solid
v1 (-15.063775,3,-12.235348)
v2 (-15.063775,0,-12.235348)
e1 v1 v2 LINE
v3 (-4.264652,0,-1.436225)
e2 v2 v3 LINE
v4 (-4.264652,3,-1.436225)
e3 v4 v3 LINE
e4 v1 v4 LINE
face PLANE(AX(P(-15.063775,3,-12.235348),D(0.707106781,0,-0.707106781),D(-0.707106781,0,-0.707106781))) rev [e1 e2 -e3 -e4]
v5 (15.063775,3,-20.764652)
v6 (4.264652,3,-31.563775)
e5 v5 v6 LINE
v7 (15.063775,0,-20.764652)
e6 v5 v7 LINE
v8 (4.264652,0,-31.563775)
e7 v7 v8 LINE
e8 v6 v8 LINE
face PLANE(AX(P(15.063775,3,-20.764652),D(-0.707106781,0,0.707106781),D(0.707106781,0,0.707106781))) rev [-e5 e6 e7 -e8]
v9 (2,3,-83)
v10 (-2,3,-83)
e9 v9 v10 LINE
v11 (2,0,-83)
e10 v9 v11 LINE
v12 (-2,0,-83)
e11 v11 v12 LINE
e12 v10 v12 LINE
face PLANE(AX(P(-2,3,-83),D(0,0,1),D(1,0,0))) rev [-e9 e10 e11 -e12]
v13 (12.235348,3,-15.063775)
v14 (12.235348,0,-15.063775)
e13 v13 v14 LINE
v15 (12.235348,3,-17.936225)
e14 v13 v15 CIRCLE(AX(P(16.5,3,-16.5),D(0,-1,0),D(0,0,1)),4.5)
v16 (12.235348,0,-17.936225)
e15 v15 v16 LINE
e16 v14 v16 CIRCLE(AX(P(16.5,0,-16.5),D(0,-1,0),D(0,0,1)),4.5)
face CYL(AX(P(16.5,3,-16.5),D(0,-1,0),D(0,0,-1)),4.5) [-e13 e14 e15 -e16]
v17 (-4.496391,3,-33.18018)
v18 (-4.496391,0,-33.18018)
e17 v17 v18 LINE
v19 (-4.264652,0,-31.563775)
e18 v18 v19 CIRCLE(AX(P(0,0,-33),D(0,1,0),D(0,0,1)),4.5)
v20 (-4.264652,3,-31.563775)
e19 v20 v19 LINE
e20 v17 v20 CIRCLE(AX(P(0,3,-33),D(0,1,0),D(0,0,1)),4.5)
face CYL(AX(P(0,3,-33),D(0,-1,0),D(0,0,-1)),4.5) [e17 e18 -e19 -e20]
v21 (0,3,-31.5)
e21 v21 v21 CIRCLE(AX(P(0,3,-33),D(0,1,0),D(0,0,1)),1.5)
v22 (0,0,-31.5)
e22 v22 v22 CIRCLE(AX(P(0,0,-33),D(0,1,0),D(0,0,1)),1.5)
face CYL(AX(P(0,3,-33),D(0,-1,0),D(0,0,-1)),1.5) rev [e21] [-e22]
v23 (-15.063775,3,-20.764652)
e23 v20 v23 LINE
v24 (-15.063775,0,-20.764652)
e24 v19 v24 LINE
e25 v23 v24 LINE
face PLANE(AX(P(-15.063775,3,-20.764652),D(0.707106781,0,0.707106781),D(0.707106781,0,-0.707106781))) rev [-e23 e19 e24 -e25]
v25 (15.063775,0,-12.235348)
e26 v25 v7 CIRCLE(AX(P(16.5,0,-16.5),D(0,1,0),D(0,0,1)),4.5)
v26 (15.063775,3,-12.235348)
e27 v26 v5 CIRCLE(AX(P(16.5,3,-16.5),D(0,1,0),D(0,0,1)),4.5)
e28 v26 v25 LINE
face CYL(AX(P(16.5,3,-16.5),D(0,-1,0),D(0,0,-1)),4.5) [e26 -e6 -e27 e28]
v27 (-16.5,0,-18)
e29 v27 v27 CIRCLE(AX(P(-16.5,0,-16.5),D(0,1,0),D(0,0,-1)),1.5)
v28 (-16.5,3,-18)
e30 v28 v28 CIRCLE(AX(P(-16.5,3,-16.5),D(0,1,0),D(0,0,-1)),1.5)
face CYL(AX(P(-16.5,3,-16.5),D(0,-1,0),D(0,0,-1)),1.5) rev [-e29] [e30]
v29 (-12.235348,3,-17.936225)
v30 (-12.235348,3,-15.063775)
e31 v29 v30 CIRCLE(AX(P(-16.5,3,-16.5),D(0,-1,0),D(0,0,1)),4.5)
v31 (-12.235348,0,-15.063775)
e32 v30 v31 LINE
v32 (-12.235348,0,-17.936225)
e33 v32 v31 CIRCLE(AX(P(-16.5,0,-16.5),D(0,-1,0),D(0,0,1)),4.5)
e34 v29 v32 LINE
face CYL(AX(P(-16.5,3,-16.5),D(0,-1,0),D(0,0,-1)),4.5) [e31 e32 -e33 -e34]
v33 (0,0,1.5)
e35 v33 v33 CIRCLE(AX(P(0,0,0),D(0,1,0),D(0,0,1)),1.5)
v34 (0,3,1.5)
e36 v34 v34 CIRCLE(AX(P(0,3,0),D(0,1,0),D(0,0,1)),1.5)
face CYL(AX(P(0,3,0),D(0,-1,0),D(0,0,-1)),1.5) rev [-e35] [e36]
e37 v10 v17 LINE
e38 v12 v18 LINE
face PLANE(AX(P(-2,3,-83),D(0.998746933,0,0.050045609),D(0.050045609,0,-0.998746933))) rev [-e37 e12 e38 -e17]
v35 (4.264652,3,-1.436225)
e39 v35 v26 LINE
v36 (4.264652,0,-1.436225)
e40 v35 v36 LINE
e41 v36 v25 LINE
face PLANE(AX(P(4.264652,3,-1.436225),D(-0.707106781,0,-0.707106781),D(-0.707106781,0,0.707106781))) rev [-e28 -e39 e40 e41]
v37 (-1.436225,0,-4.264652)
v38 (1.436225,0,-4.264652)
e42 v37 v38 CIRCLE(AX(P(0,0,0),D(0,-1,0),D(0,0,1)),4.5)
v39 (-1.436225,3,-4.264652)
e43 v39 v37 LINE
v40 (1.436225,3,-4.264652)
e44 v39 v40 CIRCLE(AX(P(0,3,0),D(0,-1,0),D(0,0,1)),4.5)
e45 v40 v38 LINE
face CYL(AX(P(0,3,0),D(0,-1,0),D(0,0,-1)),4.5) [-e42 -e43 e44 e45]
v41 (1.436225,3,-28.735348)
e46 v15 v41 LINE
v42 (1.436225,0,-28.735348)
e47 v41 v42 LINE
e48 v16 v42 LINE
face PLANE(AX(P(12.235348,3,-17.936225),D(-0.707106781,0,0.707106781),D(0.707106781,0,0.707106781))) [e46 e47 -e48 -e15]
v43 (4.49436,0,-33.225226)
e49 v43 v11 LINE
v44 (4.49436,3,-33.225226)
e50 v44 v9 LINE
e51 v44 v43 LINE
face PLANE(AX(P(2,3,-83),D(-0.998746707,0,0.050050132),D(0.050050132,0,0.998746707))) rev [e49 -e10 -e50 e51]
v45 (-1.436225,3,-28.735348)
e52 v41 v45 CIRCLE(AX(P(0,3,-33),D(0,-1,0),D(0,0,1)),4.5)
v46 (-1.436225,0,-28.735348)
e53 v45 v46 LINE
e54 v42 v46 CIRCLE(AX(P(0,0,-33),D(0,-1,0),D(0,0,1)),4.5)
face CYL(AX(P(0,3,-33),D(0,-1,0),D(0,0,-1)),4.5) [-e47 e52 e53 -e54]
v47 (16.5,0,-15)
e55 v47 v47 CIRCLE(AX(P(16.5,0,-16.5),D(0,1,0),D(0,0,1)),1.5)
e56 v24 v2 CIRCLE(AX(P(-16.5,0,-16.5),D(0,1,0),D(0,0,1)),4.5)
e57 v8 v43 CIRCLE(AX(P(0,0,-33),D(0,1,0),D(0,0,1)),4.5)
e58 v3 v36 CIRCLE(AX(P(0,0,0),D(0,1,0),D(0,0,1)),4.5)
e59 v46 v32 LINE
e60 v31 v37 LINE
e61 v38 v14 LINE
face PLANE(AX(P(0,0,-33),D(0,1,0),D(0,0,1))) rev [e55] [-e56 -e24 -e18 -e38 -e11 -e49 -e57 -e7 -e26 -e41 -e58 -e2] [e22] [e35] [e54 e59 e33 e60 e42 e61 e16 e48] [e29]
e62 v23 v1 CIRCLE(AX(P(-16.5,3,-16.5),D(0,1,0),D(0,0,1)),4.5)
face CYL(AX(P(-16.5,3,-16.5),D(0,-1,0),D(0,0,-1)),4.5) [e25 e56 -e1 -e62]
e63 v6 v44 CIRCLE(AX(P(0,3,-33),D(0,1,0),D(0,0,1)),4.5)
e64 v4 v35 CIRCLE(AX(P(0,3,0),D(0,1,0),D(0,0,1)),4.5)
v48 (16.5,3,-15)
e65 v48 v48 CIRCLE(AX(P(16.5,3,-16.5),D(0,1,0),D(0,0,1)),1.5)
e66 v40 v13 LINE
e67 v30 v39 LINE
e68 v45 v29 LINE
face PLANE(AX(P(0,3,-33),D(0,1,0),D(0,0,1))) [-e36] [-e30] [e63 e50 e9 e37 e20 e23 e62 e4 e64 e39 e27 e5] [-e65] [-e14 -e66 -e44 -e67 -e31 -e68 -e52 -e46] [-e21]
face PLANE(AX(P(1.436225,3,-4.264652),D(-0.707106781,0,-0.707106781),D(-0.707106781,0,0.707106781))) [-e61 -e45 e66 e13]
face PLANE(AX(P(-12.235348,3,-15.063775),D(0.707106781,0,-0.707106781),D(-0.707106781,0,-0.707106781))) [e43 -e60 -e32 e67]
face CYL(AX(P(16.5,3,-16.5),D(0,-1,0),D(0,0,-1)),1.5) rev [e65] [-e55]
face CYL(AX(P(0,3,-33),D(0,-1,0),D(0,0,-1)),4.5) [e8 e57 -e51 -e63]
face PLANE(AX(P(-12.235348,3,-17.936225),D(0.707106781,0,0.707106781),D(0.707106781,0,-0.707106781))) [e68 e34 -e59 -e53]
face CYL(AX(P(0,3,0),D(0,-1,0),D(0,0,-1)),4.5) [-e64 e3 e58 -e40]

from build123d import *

# Parameters (mm, degrees)
SKETCH1_R           = 1.5
BOSS_EXTRUDE1_DEPTH = 3


with BuildPart() as part:
    # Sketch1 → Boss-Extrude1 (new body)
    with BuildSketch(Plane(origin=(0, 0, 0), x_dir=(1, 0, 0), z_dir=(0, 1, 0))):
        with BuildLine():
            Line((-2, 83), (2, 83))
            Line((2, 83), (4.494360181, 33.225225593))
            ThreePointArc((4.494360181, 33.225225593), (4.457597858, 32.38370353), (4.264652125, 31.563775))
            Line((4.264652125, 31.563775), (15.063775, 20.764652125))
            ThreePointArc((15.063775, 20.764652125), (21, 16.5), (15.063775, 12.235347875))
            Line((15.063775, 12.235347875), (4.264652125, 1.436225))
            ThreePointArc((4.264652125, 1.436225), (0, -4.5), (-4.264652125, 1.436225))
            Line((-4.264652125, 1.436225), (-15.063775, 12.235347875))
            ThreePointArc((-15.063775, 12.235347875), (-21, 16.5), (-15.063775, 20.764652125))
            Line((-15.063775, 20.764652125), (-4.264652125, 31.563775))
            ThreePointArc((-4.264652125, 31.563775), (-4.454454203, 32.361378239), (-4.496391332, 33.180180433))
            Line((-4.496391332, 33.180180433), (-2, 83))
        make_face()
        Circle(SKETCH1_R, mode=Mode.SUBTRACT)
        with Locations((0, 33)):
            Circle(SKETCH1_R, mode=Mode.SUBTRACT)
        with Locations((-16.5, 16.5)):
            Circle(SKETCH1_R, mode=Mode.SUBTRACT)
        with Locations((16.5, 16.5)):
            Circle(SKETCH1_R, mode=Mode.SUBTRACT)
        with BuildLine():
            Line((12.235347875, 17.936225), (1.436225, 28.735347875))
            ThreePointArc((1.436225, 28.735347875), (0, 28.5), (-1.436225, 28.735347875))
            Line((-1.436225, 28.735347875), (-12.235347875, 17.936225))
            ThreePointArc((-12.235347875, 17.936225), (-12, 16.5), (-12.235347875, 15.063775))
            Line((-12.235347875, 15.063775), (-1.436225, 4.264652125))
            ThreePointArc((-1.436225, 4.264652125), (0, 4.5), (1.436225, 4.264652125))
            Line((1.436225, 4.264652125), (12.235347875, 15.063775))
            ThreePointArc((12.235347875, 15.063775), (12, 16.5), (12.235347875, 17.936225))
        make_face(mode=Mode.SUBTRACT)
    extrude(amount=BOSS_EXTRUDE1_DEPTH)


solid = part.part
